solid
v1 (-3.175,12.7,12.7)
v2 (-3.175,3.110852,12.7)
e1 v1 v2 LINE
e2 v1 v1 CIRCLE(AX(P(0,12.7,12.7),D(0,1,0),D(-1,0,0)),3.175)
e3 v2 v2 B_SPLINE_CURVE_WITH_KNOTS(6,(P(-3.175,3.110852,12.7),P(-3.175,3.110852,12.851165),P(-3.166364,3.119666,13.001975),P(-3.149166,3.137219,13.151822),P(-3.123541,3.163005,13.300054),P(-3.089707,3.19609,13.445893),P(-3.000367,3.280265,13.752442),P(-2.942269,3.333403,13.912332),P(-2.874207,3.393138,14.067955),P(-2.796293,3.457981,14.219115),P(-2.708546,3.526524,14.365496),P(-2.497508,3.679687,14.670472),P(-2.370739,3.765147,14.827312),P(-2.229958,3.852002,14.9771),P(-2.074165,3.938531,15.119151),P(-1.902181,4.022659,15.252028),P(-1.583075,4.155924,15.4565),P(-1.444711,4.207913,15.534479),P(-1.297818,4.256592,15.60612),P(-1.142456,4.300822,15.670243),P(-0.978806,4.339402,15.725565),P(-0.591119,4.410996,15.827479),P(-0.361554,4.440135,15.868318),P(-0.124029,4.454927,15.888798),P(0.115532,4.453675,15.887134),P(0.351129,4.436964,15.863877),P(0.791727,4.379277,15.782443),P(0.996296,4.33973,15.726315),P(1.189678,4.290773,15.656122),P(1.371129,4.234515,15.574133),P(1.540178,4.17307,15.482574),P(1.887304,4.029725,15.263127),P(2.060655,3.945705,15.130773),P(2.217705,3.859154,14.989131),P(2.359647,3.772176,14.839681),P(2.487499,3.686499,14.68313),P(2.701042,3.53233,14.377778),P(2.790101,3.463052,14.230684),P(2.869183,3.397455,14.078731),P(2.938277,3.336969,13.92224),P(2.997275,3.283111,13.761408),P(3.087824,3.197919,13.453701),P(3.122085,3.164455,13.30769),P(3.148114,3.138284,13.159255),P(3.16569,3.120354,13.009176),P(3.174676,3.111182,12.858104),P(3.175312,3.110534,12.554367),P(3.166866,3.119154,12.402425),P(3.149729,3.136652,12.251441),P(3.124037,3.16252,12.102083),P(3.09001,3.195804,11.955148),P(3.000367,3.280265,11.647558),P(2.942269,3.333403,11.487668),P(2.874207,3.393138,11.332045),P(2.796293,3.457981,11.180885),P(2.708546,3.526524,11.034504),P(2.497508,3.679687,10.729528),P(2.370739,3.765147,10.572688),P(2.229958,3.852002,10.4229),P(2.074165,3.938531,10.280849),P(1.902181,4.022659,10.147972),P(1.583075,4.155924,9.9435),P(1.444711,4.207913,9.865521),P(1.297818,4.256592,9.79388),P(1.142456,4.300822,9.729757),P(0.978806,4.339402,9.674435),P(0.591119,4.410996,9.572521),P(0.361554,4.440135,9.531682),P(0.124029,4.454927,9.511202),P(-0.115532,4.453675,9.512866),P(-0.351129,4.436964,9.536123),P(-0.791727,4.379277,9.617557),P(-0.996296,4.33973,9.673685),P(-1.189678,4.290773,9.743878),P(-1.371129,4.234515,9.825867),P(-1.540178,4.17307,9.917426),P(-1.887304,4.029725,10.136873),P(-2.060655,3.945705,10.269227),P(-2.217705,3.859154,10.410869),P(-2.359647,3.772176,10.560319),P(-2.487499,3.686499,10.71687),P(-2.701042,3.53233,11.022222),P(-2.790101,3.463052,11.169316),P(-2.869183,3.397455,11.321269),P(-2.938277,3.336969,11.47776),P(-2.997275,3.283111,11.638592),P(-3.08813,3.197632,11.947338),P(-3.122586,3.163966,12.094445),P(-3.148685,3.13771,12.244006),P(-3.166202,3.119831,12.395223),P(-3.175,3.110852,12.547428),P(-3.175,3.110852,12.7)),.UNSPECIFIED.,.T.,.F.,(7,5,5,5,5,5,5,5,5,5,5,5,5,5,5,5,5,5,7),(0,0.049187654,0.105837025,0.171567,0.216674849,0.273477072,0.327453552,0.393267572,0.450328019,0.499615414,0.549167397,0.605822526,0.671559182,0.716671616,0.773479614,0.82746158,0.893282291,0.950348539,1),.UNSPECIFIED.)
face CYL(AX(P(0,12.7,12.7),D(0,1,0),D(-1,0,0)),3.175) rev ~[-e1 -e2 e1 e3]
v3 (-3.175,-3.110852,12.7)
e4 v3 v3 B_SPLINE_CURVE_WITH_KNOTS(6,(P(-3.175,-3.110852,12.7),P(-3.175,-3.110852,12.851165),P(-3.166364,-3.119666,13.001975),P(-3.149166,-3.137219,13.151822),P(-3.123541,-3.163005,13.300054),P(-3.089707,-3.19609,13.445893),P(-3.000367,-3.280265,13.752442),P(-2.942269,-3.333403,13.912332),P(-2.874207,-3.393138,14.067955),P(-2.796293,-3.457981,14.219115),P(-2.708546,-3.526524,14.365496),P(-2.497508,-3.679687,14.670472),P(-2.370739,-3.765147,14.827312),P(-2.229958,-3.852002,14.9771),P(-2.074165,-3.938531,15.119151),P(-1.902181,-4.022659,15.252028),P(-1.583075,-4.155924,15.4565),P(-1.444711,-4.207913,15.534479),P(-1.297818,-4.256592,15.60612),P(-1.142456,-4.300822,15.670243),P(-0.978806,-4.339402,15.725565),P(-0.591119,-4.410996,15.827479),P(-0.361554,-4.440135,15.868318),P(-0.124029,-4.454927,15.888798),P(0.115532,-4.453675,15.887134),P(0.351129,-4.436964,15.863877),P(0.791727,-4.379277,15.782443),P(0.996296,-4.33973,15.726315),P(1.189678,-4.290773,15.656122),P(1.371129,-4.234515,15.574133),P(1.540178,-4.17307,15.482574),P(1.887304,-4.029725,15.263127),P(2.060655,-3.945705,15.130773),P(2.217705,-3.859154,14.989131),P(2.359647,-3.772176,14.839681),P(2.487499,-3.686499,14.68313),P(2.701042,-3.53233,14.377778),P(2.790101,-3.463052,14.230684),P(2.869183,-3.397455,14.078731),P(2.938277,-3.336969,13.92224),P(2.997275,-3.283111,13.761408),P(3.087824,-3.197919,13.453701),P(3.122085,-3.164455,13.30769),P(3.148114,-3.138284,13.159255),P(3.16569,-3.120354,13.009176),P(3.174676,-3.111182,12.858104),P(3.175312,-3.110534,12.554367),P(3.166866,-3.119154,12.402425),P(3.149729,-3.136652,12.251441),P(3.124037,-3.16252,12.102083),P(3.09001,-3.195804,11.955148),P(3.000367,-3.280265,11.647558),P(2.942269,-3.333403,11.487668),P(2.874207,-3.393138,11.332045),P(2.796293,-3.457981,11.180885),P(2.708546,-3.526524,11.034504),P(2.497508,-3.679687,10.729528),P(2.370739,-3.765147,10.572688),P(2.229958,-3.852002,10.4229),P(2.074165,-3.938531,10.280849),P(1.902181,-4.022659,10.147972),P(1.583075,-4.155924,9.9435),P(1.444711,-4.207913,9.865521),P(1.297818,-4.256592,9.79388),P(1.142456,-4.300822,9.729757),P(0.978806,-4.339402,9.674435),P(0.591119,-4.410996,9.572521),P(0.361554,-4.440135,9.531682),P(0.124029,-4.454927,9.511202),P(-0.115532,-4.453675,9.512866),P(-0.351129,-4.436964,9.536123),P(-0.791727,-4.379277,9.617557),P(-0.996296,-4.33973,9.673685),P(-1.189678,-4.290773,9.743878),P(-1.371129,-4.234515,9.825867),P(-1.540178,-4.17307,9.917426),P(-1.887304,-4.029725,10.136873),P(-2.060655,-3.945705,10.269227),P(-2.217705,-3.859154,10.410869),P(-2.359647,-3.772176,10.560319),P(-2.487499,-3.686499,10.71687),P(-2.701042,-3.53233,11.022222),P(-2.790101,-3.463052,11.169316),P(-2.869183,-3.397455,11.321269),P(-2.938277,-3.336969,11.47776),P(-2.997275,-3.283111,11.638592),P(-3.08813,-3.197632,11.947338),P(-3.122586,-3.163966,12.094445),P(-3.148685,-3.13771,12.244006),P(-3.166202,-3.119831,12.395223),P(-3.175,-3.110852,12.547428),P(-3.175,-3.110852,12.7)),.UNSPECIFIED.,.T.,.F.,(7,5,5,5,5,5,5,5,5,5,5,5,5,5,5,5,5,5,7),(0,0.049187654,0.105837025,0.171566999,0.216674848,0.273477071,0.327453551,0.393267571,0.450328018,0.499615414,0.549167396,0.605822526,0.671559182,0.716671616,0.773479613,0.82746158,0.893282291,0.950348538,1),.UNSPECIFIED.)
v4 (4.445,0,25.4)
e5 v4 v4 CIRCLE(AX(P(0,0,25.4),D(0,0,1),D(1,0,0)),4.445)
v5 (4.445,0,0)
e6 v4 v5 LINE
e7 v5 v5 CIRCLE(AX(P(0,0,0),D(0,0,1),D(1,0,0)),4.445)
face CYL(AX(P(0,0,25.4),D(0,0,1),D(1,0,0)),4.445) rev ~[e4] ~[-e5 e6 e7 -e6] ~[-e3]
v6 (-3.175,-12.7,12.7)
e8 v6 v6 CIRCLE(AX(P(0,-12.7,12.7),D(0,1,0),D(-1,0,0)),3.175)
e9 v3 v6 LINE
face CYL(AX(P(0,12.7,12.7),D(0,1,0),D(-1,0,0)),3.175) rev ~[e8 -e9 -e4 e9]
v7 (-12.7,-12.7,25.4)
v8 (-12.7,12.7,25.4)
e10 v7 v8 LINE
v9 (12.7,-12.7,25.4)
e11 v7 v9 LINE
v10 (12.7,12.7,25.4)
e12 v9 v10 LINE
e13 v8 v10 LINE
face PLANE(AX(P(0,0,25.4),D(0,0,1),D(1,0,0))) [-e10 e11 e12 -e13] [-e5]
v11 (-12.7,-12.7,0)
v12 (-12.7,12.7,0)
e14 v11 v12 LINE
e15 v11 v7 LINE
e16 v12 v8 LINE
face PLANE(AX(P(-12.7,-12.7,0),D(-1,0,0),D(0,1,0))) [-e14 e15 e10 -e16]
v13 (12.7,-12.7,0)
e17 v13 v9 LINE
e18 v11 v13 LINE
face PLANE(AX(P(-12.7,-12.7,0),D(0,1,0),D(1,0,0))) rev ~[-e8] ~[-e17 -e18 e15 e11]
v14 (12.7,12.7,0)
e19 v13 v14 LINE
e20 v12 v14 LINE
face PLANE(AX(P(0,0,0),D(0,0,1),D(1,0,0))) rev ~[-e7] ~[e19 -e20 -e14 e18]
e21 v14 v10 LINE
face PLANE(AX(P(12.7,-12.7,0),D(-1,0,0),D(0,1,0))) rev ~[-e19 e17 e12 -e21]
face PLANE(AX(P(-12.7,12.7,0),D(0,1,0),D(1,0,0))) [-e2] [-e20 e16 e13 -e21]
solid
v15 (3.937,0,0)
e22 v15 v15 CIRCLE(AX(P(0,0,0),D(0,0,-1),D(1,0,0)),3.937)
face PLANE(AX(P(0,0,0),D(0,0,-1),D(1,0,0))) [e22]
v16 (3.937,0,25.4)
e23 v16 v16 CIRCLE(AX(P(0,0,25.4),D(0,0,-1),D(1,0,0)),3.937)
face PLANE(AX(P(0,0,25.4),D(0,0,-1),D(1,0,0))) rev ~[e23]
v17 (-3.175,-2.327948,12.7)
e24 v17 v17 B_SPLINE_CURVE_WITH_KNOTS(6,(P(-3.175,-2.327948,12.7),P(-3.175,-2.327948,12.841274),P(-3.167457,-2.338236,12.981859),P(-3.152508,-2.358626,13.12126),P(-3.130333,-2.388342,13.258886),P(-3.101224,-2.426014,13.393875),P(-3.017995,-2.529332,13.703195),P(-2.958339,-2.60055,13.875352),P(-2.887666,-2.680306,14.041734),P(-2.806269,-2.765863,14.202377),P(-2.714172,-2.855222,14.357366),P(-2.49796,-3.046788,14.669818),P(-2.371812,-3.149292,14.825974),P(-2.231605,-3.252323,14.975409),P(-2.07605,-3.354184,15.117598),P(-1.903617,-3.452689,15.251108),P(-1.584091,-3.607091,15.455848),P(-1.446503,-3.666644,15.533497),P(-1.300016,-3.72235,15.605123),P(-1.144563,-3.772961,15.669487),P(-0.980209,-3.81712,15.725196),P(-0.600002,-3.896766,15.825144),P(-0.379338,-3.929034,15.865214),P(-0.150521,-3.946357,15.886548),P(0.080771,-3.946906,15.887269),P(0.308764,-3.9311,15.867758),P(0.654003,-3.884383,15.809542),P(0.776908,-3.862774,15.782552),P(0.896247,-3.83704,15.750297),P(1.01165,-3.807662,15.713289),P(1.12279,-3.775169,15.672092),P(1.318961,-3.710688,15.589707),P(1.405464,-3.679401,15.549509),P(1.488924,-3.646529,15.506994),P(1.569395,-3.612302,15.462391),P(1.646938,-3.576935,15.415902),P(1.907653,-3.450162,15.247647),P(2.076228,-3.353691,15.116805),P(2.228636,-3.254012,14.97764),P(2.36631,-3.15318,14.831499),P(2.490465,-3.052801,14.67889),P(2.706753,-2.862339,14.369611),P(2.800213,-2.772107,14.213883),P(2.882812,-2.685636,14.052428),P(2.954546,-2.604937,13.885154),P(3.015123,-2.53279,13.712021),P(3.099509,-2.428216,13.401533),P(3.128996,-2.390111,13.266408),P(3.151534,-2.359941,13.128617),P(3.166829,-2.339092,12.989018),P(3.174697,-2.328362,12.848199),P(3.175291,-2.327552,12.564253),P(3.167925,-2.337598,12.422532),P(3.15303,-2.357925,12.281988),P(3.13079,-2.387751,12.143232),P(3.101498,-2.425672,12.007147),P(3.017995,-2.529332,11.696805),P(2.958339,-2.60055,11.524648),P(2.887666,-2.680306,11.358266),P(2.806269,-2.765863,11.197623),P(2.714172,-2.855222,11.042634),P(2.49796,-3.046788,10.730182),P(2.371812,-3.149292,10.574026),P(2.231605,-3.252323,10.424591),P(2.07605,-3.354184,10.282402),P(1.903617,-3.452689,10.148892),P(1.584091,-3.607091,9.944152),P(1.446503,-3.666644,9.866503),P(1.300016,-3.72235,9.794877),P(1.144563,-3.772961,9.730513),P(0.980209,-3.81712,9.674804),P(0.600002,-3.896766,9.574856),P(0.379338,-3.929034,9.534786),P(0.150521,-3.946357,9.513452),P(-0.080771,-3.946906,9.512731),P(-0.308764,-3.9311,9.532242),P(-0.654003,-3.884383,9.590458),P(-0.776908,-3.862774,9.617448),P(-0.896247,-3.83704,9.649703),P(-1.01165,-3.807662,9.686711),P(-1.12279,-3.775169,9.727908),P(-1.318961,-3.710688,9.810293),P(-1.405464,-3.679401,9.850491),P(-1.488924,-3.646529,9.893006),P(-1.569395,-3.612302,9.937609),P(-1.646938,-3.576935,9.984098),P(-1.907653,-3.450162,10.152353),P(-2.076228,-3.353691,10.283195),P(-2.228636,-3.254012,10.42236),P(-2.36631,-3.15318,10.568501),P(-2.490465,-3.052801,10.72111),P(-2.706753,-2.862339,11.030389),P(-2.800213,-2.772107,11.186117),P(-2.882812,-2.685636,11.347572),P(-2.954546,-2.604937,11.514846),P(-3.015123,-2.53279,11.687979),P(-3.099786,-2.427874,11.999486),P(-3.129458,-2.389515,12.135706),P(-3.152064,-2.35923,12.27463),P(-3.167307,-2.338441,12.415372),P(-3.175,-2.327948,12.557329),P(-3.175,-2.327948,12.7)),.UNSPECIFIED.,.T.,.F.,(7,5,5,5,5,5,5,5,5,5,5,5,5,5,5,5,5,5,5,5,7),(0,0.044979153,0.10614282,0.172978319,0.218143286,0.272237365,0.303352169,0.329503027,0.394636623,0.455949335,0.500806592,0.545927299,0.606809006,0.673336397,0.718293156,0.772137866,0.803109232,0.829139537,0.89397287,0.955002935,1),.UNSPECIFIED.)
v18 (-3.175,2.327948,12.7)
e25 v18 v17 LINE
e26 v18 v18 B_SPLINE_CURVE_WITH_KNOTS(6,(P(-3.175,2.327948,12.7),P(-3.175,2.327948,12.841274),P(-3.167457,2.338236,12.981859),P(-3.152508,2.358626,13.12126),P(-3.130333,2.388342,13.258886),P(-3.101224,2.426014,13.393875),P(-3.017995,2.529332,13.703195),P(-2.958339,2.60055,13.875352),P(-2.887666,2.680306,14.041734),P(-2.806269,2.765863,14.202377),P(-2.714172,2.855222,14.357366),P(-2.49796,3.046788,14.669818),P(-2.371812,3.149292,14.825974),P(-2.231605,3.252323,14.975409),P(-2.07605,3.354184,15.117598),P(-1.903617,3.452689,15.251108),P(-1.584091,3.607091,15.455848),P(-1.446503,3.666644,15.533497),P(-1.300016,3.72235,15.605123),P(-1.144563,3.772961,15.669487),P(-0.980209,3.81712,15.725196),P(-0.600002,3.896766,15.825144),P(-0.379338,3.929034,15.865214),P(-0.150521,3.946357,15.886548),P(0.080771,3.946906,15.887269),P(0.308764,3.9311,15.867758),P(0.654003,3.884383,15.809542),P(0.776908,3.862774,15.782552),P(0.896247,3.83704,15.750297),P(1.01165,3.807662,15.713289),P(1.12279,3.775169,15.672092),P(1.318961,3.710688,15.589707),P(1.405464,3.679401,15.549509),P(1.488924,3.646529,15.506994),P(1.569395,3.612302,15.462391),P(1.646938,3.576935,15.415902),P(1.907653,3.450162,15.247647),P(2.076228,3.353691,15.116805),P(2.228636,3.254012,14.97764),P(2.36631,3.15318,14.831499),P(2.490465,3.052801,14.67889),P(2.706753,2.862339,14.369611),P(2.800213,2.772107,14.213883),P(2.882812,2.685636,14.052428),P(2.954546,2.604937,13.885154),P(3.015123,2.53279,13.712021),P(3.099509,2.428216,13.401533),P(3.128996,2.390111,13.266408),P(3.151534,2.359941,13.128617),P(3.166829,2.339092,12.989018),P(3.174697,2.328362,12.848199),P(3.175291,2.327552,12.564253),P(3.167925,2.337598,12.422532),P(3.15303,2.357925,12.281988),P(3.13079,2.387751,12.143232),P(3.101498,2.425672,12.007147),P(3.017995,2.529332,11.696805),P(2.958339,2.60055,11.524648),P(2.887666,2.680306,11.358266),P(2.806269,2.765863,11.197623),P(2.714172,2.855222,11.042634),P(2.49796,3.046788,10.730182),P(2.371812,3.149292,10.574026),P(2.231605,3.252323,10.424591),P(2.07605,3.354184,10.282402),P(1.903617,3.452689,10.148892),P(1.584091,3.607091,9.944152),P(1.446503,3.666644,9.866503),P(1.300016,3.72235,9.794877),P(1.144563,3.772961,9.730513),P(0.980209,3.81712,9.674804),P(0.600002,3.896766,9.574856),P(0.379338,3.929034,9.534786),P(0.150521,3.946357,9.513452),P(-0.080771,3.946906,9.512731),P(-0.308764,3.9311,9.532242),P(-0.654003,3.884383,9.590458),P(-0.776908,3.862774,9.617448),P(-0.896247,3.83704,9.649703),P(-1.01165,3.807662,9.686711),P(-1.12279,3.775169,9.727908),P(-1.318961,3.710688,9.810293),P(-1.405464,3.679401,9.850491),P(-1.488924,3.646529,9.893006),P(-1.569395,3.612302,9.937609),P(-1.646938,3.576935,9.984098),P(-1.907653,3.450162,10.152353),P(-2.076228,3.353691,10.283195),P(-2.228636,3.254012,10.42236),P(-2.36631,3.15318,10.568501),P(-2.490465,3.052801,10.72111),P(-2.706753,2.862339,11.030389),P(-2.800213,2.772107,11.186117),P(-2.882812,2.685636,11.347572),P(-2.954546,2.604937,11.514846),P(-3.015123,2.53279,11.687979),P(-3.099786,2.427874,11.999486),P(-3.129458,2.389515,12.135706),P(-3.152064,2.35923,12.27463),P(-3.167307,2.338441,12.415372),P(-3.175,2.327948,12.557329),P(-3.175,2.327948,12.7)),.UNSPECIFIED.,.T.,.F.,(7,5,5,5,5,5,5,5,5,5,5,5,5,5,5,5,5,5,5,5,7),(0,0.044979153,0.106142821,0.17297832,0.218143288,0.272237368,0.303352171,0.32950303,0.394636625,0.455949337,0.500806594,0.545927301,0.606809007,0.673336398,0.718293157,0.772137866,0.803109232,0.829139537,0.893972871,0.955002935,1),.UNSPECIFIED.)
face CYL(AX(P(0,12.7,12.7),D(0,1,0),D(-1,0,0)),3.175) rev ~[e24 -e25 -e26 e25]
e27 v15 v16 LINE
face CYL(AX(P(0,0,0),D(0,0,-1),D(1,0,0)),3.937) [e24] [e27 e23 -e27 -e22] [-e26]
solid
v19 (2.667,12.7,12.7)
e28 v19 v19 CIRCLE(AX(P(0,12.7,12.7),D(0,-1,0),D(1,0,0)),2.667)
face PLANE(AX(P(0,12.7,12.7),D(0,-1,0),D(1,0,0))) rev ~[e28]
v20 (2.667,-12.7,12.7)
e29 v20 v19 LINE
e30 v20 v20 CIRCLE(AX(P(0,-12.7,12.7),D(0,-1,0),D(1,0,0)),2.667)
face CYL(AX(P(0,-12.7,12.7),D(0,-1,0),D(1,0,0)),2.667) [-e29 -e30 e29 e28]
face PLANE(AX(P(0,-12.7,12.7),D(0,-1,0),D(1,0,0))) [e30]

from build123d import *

# Parameters (mm, degrees)
F0_W     = 25.4
F0_H     = 25.4
F1_DEPTH = 25.4
F2_R     = 4.445
F3_DEPTH = 25.401
F5_R     = 3.937
F6_DEPTH = 25.4
F4_R     = 3.175
F7_DEPTH = 25.401
F8_R     = 2.667
F9_DEPTH = 25.4


with BuildPart() as f1:
    # F0 (on Top) → F1 (new body)
    with BuildSketch(Plane.XY):
        Rectangle(F0_W, F0_H)
    extrude(amount=F1_DEPTH)

    # F2 (on face) → F3 (cut, through all)
    with BuildSketch(Plane.XY.offset(25.4)):
        Circle(F2_R)
    extrude(amount=-F3_DEPTH, mode=Mode.SUBTRACT)


with BuildPart() as f6:
    # F5 (on face) → F6 (new body, through all)
    with BuildSketch(Plane(origin=(0, 0, 0), x_dir=(1, 0, 0), z_dir=(0, 0, -1))):
        Circle(F5_R)
    extrude(amount=-F6_DEPTH)


with BuildPart() as f7_tool:
    # F4 (on face) → F7 (new body, through all)
    with BuildSketch(Plane(origin=(0, 12.7, 0), x_dir=(-1, 0, 0), z_dir=(0, 1, 0))):
        with Locations((0, 12.7)):
            Circle(F4_R)
    extrude(amount=-F7_DEPTH)


with BuildPart() as f1_1:
    add(f1.part)

    # F7: cut by f7_tool
    add(f7_tool.part, mode=Mode.SUBTRACT)


with BuildPart() as f6_1:
    add(f6.part)

    # F7: cut by f7_tool
    add(f7_tool.part, mode=Mode.SUBTRACT)


with BuildPart() as f9:
    # F8 (on face) → F9 (new body, through all)
    with BuildSketch(Plane.XZ.offset(12.7)):
        with Locations((0, 12.7)):
            Circle(F8_R)
    extrude(amount=-F9_DEPTH)


solid = Compound([f1_1.part, f6_1.part, f9.part])
